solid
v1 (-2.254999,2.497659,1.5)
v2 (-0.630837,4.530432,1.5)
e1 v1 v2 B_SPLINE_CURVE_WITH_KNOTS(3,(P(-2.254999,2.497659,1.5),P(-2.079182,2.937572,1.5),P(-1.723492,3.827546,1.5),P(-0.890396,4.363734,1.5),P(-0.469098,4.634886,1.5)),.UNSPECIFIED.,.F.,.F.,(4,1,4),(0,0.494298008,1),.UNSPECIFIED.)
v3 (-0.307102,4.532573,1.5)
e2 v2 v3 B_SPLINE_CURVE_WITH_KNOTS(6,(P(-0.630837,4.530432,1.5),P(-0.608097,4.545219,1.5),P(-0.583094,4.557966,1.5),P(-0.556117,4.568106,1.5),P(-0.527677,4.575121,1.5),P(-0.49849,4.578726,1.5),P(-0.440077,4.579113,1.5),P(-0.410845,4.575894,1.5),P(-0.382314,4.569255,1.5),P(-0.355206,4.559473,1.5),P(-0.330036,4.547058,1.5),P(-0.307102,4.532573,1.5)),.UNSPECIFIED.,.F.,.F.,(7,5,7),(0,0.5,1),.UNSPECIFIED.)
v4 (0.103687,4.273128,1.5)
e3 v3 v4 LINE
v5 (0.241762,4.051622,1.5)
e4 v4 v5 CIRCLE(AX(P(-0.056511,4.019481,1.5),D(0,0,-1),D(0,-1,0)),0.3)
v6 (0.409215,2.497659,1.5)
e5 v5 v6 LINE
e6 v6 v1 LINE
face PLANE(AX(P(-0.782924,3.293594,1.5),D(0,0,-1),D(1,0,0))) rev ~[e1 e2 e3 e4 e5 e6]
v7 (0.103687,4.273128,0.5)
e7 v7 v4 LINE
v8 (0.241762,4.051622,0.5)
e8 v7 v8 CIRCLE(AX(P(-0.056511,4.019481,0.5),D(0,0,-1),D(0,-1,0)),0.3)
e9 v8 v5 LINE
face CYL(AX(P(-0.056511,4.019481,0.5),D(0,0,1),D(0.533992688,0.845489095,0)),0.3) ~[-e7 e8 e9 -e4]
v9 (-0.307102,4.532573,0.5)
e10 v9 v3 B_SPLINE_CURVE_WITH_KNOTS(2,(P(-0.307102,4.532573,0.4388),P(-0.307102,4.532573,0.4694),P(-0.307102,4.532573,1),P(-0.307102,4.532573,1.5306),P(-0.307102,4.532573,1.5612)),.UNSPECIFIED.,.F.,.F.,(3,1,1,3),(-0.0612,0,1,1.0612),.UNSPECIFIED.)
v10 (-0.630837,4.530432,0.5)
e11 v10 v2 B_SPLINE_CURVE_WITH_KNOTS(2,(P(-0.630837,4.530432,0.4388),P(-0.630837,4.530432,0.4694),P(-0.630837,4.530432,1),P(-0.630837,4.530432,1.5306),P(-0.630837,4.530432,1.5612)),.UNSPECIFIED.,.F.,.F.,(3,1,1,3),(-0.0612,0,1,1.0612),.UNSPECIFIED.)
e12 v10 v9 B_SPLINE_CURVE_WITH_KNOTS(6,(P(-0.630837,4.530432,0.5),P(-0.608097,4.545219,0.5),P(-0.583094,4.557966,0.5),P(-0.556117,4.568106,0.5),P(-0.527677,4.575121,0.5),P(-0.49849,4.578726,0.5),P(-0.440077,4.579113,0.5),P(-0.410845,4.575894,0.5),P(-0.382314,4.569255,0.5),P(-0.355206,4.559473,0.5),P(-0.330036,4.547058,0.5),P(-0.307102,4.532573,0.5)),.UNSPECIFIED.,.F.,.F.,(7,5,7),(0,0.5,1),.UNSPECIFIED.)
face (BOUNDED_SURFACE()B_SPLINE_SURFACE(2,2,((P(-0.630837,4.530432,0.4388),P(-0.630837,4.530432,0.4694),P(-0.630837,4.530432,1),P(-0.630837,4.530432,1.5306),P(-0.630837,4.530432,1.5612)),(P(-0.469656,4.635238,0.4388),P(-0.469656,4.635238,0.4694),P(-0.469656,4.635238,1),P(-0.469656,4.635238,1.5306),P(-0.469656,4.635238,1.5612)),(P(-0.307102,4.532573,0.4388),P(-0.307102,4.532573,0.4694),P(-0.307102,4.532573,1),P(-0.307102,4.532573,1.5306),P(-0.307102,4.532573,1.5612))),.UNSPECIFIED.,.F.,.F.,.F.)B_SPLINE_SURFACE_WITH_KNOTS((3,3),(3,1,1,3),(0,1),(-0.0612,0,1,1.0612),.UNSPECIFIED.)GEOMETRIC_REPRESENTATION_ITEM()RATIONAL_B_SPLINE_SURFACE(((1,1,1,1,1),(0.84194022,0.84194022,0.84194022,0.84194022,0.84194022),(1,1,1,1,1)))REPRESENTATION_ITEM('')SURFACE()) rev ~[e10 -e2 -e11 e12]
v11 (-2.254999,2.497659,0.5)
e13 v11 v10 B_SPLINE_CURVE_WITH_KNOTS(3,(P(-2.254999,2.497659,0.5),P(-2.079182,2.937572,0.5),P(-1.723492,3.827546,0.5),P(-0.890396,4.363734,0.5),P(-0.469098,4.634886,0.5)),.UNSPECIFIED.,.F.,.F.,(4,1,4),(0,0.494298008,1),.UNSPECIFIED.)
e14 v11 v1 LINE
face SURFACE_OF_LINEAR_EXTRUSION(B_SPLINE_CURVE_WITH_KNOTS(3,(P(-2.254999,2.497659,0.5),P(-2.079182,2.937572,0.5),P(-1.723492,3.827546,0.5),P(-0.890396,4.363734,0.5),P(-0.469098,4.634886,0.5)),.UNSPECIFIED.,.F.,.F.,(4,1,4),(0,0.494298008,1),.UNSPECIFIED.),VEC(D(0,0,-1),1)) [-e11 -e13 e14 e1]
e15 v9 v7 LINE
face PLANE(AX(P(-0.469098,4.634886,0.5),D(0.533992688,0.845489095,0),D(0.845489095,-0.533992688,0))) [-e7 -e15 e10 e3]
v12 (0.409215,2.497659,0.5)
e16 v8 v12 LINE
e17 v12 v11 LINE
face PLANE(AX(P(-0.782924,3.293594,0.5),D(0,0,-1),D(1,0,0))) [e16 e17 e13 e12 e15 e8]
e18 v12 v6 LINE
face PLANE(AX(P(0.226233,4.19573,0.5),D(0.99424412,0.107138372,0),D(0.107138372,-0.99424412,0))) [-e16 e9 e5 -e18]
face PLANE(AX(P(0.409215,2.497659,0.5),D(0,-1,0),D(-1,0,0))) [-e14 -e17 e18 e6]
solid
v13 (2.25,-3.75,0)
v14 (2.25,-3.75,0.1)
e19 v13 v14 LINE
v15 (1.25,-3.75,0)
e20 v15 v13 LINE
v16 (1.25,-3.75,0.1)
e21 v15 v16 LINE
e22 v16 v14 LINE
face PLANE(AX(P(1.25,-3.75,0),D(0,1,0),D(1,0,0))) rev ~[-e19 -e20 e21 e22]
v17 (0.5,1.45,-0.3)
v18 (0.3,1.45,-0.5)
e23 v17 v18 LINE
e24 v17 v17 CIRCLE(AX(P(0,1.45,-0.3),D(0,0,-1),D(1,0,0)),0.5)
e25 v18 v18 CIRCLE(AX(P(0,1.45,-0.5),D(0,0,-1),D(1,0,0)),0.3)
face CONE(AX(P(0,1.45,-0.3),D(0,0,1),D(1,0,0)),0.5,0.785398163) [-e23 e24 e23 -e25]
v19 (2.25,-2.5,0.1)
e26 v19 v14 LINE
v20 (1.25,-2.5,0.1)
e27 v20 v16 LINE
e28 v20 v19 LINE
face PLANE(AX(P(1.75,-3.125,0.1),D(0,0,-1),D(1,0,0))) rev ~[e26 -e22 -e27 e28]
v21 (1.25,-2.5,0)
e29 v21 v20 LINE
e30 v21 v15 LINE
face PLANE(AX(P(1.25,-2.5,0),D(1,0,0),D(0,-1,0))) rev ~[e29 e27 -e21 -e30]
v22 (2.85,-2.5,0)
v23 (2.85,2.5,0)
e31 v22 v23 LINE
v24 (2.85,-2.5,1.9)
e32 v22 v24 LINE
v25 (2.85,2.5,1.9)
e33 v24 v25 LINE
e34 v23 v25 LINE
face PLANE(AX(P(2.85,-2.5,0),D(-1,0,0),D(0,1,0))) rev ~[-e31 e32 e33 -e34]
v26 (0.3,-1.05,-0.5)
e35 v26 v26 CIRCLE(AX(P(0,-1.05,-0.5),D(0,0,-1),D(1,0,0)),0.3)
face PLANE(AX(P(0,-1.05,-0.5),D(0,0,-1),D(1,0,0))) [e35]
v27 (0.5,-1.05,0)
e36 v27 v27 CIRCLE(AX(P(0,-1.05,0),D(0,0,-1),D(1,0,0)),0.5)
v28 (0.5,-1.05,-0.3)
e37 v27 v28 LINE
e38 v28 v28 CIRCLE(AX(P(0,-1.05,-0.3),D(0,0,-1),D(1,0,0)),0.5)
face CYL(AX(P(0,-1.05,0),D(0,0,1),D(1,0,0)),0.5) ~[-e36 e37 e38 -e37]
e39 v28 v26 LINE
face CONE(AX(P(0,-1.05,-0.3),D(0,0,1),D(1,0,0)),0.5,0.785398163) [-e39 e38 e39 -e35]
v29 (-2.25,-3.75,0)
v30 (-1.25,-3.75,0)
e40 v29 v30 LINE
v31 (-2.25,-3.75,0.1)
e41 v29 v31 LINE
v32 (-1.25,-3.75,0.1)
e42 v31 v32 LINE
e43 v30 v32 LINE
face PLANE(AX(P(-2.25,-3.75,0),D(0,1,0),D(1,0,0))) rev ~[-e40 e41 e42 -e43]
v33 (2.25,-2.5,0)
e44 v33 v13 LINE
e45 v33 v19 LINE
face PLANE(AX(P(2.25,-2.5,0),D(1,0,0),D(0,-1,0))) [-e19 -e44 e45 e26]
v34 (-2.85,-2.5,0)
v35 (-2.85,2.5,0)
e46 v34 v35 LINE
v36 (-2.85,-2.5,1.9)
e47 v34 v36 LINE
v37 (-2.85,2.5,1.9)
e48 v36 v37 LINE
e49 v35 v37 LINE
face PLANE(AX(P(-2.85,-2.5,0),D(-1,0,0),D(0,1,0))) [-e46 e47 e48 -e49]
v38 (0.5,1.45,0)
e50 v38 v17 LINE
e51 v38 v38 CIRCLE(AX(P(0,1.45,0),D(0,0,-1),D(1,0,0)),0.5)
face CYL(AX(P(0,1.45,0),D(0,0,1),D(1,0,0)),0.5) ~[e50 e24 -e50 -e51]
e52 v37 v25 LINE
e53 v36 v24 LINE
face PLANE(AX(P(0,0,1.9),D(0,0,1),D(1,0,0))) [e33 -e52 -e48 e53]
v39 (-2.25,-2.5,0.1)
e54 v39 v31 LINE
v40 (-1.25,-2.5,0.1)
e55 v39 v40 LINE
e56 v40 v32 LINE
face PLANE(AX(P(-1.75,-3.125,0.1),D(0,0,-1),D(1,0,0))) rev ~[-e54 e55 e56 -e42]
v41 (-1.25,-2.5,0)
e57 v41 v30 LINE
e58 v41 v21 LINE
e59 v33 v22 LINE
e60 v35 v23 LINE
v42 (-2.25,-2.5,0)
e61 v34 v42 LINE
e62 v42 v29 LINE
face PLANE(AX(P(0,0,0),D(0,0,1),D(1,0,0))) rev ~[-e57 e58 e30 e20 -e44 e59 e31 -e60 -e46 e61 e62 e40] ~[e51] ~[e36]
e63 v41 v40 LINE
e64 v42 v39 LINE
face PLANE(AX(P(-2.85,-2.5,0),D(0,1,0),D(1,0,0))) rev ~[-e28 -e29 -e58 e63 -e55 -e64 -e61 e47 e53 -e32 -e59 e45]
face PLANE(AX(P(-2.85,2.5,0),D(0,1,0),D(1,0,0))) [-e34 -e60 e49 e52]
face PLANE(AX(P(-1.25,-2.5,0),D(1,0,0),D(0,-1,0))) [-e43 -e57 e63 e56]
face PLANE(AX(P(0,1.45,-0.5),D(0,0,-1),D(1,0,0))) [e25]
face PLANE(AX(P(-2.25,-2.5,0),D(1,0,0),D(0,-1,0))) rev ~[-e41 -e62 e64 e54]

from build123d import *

# Parameters (mm, degrees)
F0_W      = 5.7
F0_H      = 5
F1_DEPTH  = 1.9
F4_DEPTH  = 1
F5_R      = 0.3
F6_R      = 0.5
F7_DEPTH  = 0.5
F8_SIZE   = 0.2
F9_W      = 1
F9_H      = 1.25
F10_DEPTH = 0.1


with BuildPart() as f1:
    # F0 (on Top) → F1 (new body)
    with BuildSketch(Plane.XY):
        Rectangle(F0_W, F0_H)
    extrude(amount=F1_DEPTH)

    # F6 (on face) → F7 (join)
    with BuildSketch(Plane(origin=(0, 0, 0), x_dir=(1, 0, 0), z_dir=(0, 0, -1))):
        with Locations((0, -1.45)):
            Circle(F6_R)
        with Locations((0, 1.05)):
            Circle(F6_R)
    extrude(amount=F7_DEPTH)

    # F8
    f8_edges = [f1.edges().sort_by_distance(p)[0] for p in [
        (-0.5, 1.45, -0.5),
        (-0.5, -1.05, -0.5),
    ]]
    chamfer(f8_edges, length=F8_SIZE)

    # F9 (on face) → F10 (join)
    with BuildSketch(Plane(origin=(0, 0, 0), x_dir=(1, 0, 0), z_dir=(0, 0, -1))):
        with Locations((1.75, 3.125)):
            Rectangle(F9_W, F9_H)
        with Locations((-1.75, 3.125)):
            Rectangle(F9_W, F9_H)
    extrude(amount=-F10_DEPTH)


with BuildPart() as f4:
    # F3 (on offset) → F4 (new body)
    with BuildSketch(Plane(origin=(0, 0, 0.5), x_dir=(1, 0, 0), z_dir=(0, 0, -1))):
        with BuildLine():
            add(Edge.make_bspline(
                [(-2.2549992427, -2.4976590648), (-2.0791823504, -2.9375716365), (-1.7234922822, -3.8275460328), (-0.8903959784, -4.3637341728), (-0.4690975184, -4.6348855831)],
                knots=[0, 0, 0, 0, 0.4942980084, 1, 1, 1, 1], degree=3))
            Line((-0.4690975184, -4.6348855831), (0.2262331254, -4.1957297362))
            Line((0.2262331254, -4.1957297362), (0.4092148738, -2.4976590648))
            Line((0.4092148738, -2.4976590648), (-2.2549992427, -2.4976590648))
        make_face()
    extrude(amount=-F4_DEPTH)

    # F5
    f5_edges = [f4.edges().sort_by_distance(p)[0] for p in [
        (-0.469098, 4.634886, 1),
        (0.226233, 4.19573, 1),
    ]]
    fillet(f5_edges, radius=F5_R)


solid = Compound([f1.part, f4.part])
